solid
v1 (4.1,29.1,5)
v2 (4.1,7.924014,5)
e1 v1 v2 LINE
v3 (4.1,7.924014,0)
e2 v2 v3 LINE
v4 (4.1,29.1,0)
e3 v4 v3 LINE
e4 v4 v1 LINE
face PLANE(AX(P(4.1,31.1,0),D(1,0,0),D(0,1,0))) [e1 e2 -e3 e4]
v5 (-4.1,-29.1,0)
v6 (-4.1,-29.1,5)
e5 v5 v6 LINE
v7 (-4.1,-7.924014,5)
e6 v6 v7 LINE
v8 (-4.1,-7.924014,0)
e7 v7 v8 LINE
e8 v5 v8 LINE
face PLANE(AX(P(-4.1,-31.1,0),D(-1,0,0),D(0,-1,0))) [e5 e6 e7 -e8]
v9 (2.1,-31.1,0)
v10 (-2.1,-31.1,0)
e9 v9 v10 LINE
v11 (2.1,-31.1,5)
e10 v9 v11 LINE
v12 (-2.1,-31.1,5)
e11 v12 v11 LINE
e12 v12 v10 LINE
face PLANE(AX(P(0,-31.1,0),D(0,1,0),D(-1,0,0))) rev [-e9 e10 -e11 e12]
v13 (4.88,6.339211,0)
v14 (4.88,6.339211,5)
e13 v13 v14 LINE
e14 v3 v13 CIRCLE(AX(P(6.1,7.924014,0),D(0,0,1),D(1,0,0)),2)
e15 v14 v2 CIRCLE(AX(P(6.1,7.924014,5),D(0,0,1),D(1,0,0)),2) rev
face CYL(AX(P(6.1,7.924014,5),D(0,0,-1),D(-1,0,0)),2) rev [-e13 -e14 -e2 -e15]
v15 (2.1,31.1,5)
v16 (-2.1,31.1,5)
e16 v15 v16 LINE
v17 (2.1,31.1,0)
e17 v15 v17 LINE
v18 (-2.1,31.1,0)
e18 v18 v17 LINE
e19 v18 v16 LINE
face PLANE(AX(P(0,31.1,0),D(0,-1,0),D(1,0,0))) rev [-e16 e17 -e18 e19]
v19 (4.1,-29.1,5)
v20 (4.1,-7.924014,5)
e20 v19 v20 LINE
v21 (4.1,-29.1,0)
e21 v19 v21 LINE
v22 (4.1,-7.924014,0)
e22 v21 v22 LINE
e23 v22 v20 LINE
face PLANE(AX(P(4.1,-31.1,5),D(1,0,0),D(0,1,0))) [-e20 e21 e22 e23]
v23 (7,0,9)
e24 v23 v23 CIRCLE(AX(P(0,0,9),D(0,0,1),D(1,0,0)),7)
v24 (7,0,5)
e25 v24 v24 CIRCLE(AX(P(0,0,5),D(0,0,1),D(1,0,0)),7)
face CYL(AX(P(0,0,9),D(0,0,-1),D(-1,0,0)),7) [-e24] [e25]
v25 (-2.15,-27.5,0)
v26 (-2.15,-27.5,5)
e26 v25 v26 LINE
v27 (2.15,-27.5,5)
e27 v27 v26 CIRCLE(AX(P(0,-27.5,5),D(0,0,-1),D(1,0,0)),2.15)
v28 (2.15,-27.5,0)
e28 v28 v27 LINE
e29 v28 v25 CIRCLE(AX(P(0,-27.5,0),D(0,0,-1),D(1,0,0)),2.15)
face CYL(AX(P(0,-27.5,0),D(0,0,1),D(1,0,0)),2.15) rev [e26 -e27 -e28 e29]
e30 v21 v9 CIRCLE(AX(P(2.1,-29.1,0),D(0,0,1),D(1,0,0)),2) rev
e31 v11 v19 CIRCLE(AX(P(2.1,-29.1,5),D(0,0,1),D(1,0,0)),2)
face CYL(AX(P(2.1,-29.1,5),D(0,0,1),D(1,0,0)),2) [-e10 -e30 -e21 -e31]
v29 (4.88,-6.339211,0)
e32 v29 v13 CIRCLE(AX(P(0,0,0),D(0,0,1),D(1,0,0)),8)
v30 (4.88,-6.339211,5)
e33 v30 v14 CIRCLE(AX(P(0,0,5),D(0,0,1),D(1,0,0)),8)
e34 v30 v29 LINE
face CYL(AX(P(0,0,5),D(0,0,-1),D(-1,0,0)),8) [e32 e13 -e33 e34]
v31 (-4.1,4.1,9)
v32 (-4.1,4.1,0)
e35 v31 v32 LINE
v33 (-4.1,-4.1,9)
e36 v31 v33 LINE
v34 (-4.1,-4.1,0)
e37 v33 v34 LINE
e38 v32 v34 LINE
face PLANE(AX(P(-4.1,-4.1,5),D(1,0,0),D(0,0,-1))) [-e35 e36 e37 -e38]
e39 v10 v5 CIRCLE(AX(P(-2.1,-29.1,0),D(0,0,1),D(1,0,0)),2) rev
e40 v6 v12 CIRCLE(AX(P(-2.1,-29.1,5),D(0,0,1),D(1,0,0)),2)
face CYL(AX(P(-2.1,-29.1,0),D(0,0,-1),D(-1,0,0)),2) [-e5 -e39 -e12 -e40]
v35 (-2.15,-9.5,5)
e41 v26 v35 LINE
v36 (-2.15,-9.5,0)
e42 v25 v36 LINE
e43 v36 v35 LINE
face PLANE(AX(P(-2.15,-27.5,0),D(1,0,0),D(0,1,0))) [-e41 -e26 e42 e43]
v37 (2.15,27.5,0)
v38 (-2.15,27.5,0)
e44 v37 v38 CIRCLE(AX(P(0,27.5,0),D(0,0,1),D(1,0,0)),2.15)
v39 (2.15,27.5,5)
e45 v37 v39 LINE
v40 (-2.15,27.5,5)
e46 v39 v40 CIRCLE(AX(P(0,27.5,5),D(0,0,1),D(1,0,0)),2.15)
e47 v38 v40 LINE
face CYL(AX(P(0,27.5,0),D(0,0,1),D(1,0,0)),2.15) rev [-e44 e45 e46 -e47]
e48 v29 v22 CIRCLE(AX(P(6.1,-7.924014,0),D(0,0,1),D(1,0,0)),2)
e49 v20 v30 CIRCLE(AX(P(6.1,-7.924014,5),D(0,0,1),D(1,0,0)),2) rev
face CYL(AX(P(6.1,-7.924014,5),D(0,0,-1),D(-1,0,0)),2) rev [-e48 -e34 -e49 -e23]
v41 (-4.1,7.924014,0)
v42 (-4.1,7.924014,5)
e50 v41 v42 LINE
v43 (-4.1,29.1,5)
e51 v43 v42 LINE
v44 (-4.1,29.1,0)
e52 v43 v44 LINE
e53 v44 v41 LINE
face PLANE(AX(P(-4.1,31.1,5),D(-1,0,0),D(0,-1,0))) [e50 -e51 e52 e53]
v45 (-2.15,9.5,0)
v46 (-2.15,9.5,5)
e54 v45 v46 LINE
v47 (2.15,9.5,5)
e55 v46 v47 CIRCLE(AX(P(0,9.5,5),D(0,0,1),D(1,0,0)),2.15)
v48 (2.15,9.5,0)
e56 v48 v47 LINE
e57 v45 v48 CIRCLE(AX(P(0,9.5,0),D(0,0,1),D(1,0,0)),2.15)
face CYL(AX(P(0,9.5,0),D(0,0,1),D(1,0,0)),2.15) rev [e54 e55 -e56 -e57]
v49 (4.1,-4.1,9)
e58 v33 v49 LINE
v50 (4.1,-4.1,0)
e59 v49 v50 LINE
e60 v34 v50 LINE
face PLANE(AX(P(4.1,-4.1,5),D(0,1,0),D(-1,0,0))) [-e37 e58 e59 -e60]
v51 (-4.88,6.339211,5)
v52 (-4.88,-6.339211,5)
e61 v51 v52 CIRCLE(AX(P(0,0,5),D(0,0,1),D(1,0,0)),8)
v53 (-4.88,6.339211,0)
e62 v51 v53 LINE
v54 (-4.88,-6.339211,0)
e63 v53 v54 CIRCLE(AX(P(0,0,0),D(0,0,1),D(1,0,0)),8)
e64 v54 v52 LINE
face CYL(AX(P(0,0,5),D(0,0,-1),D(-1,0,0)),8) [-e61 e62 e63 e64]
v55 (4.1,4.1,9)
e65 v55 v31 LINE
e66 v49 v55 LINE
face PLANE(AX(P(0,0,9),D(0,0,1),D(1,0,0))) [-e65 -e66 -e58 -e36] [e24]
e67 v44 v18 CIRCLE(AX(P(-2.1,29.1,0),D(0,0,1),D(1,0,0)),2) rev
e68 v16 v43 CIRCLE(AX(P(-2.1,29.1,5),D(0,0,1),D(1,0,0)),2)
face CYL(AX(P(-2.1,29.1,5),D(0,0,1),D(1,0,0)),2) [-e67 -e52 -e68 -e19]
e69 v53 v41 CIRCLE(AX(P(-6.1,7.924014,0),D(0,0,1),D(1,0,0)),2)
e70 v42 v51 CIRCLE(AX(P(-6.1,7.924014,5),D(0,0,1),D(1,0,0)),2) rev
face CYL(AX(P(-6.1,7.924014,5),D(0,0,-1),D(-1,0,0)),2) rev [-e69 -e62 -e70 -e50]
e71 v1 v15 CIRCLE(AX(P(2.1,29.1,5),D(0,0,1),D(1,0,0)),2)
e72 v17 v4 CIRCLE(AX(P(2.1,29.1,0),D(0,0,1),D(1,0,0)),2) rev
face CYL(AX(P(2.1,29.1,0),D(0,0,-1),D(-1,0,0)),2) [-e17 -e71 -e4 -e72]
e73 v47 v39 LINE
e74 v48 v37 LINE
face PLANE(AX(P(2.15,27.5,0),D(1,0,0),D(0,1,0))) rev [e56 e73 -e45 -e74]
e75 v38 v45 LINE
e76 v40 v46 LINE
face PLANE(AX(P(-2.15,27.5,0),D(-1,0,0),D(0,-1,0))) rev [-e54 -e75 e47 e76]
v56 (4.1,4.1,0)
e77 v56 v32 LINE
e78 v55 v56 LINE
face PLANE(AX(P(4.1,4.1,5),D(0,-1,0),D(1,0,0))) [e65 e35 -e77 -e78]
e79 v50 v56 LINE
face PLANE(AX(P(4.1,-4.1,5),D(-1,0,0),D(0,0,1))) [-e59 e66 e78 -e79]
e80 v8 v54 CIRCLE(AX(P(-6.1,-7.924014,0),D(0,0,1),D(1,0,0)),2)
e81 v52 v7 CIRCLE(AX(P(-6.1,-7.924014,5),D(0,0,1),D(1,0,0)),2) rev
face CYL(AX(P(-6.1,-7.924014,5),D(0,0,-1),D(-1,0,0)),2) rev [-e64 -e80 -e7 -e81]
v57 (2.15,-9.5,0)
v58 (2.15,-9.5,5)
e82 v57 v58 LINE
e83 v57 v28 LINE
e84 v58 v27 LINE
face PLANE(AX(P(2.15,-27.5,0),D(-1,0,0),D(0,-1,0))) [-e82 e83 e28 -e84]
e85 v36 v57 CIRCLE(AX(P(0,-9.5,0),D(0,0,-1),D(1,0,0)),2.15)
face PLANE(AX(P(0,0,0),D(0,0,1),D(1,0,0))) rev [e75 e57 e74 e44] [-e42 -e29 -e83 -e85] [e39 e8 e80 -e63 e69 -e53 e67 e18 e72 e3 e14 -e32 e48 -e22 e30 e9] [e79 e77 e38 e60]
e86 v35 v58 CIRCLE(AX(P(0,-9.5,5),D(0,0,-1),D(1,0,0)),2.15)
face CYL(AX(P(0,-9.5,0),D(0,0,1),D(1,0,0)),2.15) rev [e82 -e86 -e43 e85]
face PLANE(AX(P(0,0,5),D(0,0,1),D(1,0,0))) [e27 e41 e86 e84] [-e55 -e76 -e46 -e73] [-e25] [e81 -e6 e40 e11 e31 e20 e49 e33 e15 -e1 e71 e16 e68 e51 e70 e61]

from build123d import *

# Parameters (mm, degrees)
SKETCH_1_R          = 8
SKETCH_1_W          = 8.2
SKETCH_1_H          = 8.2
EXTRUDE_1_DEPTH     = 5
SKETCH_2_W          = 8.2
SKETCH_2_H          = 5
EXTRUDE_2_DEPTH     = 27
SKETCH_3_W          = 8.2
SKETCH_3_H          = 5
EXTRUDE_3_DEPTH     = 27
SKETCH_4_R          = 7
SKETCH_4_W          = 8.2
SKETCH_4_H          = 8.2
EXTRUDE_4_DEPTH     = 4
CUT_EXTRUDE_1_DEPTH = 6
FILLET_1_R          = 2
FILLET_2_R          = 2


with BuildPart() as part:
    # 草图1 → 凸台-拉伸1 (new body)
    with BuildSketch(Plane.XY):
        Circle(SKETCH_1_R)
        Rectangle(SKETCH_1_W, SKETCH_1_H, mode=Mode.SUBTRACT)
    extrude(amount=EXTRUDE_1_DEPTH)

    # 草图2 → 凸台-拉伸2 (add)
    with BuildSketch(Plane.XZ.offset(-4.1)):
        with Locations((0, 2.5)):
            Rectangle(SKETCH_2_W, SKETCH_2_H)
    extrude(amount=-EXTRUDE_2_DEPTH)

    # 草图3 → 凸台-拉伸3 (add)
    with BuildSketch(Plane(origin=(0, -4.1, 0), x_dir=(1, 0, 0), z_dir=(0, 1, 0))):
        with Locations((0, -2.5)):
            Rectangle(SKETCH_3_W, SKETCH_3_H)
    extrude(amount=-EXTRUDE_3_DEPTH)

    # 草图4 → 凸台-拉伸4 (add)
    with BuildSketch(Plane.XY.offset(5)):
        Circle(SKETCH_4_R)
        Rectangle(SKETCH_4_W, SKETCH_4_H, mode=Mode.SUBTRACT)
    extrude(amount=EXTRUDE_4_DEPTH)

    # 草图5 → 切除-拉伸1 (cut, through all)
    with BuildSketch(Plane.XY.offset(5)):
        with BuildLine():
            Line((2.15, 27.5), (2.15, 9.5))
            ThreePointArc((2.15, 9.5), (0, 7.35), (-2.15, 9.5))
            Line((-2.15, 9.5), (-2.15, 27.5))
            ThreePointArc((-2.15, 27.5), (0, 29.65), (2.15, 27.5))
        make_face()
    cut_extrude_1 = extrude(amount=-CUT_EXTRUDE_1_DEPTH, mode=Mode.SUBTRACT)

    # 镜向1: 切除-拉伸1 across plane
    add(cut_extrude_1.mirror(Plane.ZX), mode=Mode.SUBTRACT)

    # 圆角1
    fillet_1_edges = [part.edges().sort_by_distance(p)[0] for p in [
        (-4.1, 6.869497798, 2.5),
        (4.1, 6.869497798, 2.5),
        (4.1, -6.869497798, 2.5),
        (-4.1, -6.869497798, 2.5),
    ]]
    fillet(fillet_1_edges, radius=FILLET_1_R)

    # 圆角2
    fillet_2_edges = [part.edges().sort_by_distance(p)[0] for p in [
        (-4.1, 31.1, 2.5),
        (4.1, 31.1, 2.5),
        (4.1, -31.1, 2.5),
        (-4.1, -31.1, 2.5),
    ]]
    fillet(fillet_2_edges, radius=FILLET_2_R)


solid = part.part
